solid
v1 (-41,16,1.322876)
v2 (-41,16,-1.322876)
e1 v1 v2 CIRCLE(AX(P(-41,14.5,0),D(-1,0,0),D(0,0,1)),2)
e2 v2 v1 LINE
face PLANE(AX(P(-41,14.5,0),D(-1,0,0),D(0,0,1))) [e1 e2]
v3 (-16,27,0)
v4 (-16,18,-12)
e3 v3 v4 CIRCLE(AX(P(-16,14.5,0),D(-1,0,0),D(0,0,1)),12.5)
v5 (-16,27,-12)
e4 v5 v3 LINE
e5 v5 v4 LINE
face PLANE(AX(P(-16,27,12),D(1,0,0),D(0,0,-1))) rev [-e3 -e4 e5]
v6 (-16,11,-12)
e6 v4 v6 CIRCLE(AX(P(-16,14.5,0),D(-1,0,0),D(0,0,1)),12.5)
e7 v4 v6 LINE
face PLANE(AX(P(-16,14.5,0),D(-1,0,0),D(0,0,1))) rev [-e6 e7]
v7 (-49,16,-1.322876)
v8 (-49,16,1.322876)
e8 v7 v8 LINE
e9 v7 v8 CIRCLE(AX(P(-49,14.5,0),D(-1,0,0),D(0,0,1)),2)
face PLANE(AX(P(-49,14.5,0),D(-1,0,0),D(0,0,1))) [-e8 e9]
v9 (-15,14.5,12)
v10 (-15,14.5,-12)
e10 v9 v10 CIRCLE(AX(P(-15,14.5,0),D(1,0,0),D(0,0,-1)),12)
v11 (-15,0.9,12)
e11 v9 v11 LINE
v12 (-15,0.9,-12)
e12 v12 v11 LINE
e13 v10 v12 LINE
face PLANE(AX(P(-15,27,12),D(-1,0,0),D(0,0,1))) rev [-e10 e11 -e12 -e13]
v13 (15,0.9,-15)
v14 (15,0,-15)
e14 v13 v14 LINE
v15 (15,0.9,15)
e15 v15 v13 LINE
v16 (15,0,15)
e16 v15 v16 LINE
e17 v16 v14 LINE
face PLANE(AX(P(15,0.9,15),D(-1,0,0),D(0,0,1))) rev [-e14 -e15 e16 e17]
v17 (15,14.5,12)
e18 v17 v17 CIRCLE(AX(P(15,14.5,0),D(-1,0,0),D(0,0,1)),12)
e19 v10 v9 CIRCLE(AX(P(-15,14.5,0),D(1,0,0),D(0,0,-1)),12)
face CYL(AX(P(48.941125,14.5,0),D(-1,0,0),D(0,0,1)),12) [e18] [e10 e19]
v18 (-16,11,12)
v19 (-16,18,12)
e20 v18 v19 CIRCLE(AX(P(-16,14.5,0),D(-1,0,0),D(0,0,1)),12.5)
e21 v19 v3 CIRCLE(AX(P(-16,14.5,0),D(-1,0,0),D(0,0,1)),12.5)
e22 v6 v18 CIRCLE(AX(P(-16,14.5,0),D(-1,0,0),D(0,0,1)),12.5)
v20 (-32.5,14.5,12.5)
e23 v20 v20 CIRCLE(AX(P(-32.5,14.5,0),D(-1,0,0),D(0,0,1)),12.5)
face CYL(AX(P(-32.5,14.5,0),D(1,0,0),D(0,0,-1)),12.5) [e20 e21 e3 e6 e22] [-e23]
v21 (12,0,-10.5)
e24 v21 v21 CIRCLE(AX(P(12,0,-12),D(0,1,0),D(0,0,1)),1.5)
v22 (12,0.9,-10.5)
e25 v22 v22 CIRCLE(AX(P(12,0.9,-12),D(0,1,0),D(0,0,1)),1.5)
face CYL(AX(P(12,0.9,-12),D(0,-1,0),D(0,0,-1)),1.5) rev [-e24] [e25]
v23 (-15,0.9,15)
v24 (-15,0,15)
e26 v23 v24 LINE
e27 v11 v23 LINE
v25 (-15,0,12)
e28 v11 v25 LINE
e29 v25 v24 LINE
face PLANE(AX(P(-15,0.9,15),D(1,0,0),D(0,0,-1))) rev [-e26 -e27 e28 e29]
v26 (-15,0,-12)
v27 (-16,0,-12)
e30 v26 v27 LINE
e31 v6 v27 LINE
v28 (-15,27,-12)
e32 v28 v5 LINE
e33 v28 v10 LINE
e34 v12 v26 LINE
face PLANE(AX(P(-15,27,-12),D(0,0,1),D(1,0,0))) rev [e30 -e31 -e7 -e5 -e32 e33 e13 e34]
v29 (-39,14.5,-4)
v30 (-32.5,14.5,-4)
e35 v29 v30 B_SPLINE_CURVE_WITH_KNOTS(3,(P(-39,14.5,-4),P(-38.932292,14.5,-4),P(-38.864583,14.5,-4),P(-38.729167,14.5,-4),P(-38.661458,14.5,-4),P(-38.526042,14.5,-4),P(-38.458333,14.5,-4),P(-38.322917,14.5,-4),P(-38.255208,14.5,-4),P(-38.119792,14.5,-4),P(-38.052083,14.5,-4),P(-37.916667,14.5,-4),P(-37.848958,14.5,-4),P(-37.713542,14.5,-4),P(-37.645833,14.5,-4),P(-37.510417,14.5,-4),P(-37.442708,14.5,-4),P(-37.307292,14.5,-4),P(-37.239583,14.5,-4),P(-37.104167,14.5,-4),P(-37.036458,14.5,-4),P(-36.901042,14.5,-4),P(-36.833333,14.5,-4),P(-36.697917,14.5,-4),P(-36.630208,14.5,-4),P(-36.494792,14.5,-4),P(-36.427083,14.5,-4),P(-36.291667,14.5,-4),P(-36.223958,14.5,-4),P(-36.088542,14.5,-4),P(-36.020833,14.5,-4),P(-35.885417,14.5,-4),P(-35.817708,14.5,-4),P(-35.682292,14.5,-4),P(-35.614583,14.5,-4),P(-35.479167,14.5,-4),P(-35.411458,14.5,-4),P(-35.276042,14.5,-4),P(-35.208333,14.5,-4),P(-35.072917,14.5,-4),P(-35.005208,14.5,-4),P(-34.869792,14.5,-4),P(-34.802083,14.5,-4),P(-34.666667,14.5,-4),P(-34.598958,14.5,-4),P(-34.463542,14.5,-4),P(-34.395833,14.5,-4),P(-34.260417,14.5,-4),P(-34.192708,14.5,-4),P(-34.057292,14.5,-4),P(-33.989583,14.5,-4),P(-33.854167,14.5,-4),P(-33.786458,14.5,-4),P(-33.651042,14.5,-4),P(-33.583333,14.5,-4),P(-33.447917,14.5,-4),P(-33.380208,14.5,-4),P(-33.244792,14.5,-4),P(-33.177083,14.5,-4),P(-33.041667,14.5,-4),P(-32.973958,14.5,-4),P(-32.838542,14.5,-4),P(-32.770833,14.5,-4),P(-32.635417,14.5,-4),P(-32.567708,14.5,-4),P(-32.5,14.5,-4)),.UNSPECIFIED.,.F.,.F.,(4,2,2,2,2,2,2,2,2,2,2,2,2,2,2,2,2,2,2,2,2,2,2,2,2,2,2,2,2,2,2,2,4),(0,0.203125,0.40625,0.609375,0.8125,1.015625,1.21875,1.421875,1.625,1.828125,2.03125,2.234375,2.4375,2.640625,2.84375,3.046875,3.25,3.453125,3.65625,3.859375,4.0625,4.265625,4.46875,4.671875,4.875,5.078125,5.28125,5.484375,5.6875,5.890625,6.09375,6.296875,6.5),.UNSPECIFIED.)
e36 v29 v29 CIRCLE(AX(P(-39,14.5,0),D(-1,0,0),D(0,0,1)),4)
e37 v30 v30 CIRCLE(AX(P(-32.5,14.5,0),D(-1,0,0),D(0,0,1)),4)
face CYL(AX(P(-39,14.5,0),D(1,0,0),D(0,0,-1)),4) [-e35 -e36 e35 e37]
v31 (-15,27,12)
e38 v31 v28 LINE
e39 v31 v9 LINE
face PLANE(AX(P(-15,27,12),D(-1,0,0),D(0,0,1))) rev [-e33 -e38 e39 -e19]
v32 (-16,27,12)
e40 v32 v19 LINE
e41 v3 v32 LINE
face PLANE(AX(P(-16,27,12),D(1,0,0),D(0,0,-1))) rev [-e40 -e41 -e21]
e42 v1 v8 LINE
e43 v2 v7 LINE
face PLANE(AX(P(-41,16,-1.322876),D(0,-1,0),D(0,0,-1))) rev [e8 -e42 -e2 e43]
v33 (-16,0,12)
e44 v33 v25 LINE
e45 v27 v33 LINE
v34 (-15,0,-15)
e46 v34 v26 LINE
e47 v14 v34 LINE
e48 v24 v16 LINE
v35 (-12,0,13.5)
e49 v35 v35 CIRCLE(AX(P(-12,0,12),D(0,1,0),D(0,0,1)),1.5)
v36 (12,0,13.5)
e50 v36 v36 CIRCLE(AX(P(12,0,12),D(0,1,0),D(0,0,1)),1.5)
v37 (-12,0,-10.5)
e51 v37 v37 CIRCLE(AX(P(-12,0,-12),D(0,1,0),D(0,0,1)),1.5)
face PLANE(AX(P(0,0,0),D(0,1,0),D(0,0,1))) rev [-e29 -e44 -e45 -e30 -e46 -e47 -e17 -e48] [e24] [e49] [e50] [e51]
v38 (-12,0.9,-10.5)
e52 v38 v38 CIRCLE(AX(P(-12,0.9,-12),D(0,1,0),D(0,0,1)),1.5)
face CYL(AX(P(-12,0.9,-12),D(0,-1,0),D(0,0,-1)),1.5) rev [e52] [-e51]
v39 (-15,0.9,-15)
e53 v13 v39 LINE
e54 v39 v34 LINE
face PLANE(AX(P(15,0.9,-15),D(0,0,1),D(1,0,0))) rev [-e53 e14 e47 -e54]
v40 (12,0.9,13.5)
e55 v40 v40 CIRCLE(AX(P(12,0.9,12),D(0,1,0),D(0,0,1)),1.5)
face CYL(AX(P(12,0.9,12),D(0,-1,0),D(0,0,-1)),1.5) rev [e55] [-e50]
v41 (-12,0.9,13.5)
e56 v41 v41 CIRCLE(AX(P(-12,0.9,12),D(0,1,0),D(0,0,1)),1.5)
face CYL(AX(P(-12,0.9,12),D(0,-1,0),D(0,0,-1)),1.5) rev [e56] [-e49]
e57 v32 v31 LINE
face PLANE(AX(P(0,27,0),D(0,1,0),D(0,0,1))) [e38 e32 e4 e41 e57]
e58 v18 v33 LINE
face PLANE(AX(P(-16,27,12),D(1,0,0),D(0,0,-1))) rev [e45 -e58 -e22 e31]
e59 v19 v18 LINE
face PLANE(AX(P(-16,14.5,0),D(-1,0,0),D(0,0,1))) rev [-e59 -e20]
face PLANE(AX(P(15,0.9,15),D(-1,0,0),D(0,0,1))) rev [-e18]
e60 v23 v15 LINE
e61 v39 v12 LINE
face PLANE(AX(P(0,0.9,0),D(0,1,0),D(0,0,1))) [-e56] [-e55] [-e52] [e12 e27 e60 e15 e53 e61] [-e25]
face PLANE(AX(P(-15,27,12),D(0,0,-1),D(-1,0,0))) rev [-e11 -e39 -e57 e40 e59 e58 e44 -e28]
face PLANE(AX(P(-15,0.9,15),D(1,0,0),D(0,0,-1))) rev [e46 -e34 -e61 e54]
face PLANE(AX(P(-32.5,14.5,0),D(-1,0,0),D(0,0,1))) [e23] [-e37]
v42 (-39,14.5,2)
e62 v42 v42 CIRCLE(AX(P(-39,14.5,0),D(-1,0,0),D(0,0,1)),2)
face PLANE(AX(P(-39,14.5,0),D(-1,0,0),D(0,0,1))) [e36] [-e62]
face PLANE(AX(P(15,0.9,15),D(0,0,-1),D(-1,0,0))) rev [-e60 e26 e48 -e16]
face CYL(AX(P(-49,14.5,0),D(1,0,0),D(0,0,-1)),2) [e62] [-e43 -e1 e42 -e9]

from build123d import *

# Parameters (mm, degrees)
SKETCH1_W           = 30
SKETCH1_H           = 30
SKETCH1_R           = 1.5
BOSS_EXTRUDE2_DEPTH = 0.9
SKETCH9_W           = 1
SKETCH9_H           = 24
BOSS_EXTRUDE3_DEPTH = 27
SKETCH10_R          = 12
BOSS_EXTRUDE4_DEPTH = 30
SKETCH11_R          = 12.5
BOSS_EXTRUDE5_DEPTH = 16.5
SKETCH12_R          = 4
BOSS_EXTRUDE6_DEPTH = 6.5
SKETCH13_R          = 2
BOSS_EXTRUDE7_DEPTH = 10
CUT_EXTRUDE1_START  = -8
CUT_EXTRUDE1_DEPTH  = 8


with BuildPart() as part:
    # Sketch1 → Boss-Extrude2 (new body)
    with BuildSketch(Plane(origin=(0, 0, 0), x_dir=(1, 0, 0), z_dir=(0, 1, 0))):
        Rectangle(SKETCH1_W, SKETCH1_H)
        with Locations(Location((-12, 12, 0), (0, 0, 270))):
            Circle(SKETCH1_R, mode=Mode.SUBTRACT)
        with Locations(Location((12, 12, 0), (0, 0, 270))):
            Circle(SKETCH1_R, mode=Mode.SUBTRACT)
        with Locations(Location((12, -12, 0), (0, 0, 270))):
            Circle(SKETCH1_R, mode=Mode.SUBTRACT)
        with Locations(Location((-12, -12, 0), (0, 0, 270))):
            Circle(SKETCH1_R, mode=Mode.SUBTRACT)
    extrude(amount=BOSS_EXTRUDE2_DEPTH)

    # Sketch9 → Boss-Extrude3 (add)
    with BuildSketch(Plane(origin=(0, 0, 0), x_dir=(1, 0, 0), z_dir=(0, 1, 0))):
        with Locations((-15.5, 0)):
            Rectangle(SKETCH9_W, SKETCH9_H)
    extrude(amount=BOSS_EXTRUDE3_DEPTH)

    # Sketch10 → Boss-Extrude4 (add)
    with BuildSketch(Plane(origin=(-15, 0, 0), x_dir=(0, 0, -1), z_dir=(1, 0, 0))):
        with Locations(Location((0, 14.5, 0), (0, 0, 180))):
            Circle(SKETCH10_R)
    extrude(amount=BOSS_EXTRUDE4_DEPTH)

    # Sketch11 → Boss-Extrude5 (add)
    with BuildSketch(Plane.ZY.offset(16)):
        with Locations(Location((0, 14.5, 0), (0, 0, 163.739795292))):
            Circle(SKETCH11_R)
    extrude(amount=BOSS_EXTRUDE5_DEPTH)

    # Sketch12 → Boss-Extrude6 (add)
    with BuildSketch(Plane.ZY.offset(32.5)):
        with Locations(Location((0, 14.5, 0), (0, 0, 180))):
            Circle(SKETCH12_R)
    extrude(amount=BOSS_EXTRUDE6_DEPTH)

    # Sketch13 → Boss-Extrude7 (add)
    with BuildSketch(Plane.ZY.offset(39)):
        with Locations((0, 14.5)):
            Circle(SKETCH13_R)
    extrude(amount=BOSS_EXTRUDE7_DEPTH)

    # Sketch14 → Cut-Extrude1 (cut)
    with BuildSketch(Plane.ZY.offset(49).offset(CUT_EXTRUDE1_START)):
        with BuildLine():
            Line((-1.322875656, 16), (1.322875656, 16))
            ThreePointArc((1.322875656, 16), (0, 16.5), (-1.322875656, 16))
        make_face()
    extrude(amount=CUT_EXTRUDE1_DEPTH, mode=Mode.SUBTRACT)


solid = part.part
